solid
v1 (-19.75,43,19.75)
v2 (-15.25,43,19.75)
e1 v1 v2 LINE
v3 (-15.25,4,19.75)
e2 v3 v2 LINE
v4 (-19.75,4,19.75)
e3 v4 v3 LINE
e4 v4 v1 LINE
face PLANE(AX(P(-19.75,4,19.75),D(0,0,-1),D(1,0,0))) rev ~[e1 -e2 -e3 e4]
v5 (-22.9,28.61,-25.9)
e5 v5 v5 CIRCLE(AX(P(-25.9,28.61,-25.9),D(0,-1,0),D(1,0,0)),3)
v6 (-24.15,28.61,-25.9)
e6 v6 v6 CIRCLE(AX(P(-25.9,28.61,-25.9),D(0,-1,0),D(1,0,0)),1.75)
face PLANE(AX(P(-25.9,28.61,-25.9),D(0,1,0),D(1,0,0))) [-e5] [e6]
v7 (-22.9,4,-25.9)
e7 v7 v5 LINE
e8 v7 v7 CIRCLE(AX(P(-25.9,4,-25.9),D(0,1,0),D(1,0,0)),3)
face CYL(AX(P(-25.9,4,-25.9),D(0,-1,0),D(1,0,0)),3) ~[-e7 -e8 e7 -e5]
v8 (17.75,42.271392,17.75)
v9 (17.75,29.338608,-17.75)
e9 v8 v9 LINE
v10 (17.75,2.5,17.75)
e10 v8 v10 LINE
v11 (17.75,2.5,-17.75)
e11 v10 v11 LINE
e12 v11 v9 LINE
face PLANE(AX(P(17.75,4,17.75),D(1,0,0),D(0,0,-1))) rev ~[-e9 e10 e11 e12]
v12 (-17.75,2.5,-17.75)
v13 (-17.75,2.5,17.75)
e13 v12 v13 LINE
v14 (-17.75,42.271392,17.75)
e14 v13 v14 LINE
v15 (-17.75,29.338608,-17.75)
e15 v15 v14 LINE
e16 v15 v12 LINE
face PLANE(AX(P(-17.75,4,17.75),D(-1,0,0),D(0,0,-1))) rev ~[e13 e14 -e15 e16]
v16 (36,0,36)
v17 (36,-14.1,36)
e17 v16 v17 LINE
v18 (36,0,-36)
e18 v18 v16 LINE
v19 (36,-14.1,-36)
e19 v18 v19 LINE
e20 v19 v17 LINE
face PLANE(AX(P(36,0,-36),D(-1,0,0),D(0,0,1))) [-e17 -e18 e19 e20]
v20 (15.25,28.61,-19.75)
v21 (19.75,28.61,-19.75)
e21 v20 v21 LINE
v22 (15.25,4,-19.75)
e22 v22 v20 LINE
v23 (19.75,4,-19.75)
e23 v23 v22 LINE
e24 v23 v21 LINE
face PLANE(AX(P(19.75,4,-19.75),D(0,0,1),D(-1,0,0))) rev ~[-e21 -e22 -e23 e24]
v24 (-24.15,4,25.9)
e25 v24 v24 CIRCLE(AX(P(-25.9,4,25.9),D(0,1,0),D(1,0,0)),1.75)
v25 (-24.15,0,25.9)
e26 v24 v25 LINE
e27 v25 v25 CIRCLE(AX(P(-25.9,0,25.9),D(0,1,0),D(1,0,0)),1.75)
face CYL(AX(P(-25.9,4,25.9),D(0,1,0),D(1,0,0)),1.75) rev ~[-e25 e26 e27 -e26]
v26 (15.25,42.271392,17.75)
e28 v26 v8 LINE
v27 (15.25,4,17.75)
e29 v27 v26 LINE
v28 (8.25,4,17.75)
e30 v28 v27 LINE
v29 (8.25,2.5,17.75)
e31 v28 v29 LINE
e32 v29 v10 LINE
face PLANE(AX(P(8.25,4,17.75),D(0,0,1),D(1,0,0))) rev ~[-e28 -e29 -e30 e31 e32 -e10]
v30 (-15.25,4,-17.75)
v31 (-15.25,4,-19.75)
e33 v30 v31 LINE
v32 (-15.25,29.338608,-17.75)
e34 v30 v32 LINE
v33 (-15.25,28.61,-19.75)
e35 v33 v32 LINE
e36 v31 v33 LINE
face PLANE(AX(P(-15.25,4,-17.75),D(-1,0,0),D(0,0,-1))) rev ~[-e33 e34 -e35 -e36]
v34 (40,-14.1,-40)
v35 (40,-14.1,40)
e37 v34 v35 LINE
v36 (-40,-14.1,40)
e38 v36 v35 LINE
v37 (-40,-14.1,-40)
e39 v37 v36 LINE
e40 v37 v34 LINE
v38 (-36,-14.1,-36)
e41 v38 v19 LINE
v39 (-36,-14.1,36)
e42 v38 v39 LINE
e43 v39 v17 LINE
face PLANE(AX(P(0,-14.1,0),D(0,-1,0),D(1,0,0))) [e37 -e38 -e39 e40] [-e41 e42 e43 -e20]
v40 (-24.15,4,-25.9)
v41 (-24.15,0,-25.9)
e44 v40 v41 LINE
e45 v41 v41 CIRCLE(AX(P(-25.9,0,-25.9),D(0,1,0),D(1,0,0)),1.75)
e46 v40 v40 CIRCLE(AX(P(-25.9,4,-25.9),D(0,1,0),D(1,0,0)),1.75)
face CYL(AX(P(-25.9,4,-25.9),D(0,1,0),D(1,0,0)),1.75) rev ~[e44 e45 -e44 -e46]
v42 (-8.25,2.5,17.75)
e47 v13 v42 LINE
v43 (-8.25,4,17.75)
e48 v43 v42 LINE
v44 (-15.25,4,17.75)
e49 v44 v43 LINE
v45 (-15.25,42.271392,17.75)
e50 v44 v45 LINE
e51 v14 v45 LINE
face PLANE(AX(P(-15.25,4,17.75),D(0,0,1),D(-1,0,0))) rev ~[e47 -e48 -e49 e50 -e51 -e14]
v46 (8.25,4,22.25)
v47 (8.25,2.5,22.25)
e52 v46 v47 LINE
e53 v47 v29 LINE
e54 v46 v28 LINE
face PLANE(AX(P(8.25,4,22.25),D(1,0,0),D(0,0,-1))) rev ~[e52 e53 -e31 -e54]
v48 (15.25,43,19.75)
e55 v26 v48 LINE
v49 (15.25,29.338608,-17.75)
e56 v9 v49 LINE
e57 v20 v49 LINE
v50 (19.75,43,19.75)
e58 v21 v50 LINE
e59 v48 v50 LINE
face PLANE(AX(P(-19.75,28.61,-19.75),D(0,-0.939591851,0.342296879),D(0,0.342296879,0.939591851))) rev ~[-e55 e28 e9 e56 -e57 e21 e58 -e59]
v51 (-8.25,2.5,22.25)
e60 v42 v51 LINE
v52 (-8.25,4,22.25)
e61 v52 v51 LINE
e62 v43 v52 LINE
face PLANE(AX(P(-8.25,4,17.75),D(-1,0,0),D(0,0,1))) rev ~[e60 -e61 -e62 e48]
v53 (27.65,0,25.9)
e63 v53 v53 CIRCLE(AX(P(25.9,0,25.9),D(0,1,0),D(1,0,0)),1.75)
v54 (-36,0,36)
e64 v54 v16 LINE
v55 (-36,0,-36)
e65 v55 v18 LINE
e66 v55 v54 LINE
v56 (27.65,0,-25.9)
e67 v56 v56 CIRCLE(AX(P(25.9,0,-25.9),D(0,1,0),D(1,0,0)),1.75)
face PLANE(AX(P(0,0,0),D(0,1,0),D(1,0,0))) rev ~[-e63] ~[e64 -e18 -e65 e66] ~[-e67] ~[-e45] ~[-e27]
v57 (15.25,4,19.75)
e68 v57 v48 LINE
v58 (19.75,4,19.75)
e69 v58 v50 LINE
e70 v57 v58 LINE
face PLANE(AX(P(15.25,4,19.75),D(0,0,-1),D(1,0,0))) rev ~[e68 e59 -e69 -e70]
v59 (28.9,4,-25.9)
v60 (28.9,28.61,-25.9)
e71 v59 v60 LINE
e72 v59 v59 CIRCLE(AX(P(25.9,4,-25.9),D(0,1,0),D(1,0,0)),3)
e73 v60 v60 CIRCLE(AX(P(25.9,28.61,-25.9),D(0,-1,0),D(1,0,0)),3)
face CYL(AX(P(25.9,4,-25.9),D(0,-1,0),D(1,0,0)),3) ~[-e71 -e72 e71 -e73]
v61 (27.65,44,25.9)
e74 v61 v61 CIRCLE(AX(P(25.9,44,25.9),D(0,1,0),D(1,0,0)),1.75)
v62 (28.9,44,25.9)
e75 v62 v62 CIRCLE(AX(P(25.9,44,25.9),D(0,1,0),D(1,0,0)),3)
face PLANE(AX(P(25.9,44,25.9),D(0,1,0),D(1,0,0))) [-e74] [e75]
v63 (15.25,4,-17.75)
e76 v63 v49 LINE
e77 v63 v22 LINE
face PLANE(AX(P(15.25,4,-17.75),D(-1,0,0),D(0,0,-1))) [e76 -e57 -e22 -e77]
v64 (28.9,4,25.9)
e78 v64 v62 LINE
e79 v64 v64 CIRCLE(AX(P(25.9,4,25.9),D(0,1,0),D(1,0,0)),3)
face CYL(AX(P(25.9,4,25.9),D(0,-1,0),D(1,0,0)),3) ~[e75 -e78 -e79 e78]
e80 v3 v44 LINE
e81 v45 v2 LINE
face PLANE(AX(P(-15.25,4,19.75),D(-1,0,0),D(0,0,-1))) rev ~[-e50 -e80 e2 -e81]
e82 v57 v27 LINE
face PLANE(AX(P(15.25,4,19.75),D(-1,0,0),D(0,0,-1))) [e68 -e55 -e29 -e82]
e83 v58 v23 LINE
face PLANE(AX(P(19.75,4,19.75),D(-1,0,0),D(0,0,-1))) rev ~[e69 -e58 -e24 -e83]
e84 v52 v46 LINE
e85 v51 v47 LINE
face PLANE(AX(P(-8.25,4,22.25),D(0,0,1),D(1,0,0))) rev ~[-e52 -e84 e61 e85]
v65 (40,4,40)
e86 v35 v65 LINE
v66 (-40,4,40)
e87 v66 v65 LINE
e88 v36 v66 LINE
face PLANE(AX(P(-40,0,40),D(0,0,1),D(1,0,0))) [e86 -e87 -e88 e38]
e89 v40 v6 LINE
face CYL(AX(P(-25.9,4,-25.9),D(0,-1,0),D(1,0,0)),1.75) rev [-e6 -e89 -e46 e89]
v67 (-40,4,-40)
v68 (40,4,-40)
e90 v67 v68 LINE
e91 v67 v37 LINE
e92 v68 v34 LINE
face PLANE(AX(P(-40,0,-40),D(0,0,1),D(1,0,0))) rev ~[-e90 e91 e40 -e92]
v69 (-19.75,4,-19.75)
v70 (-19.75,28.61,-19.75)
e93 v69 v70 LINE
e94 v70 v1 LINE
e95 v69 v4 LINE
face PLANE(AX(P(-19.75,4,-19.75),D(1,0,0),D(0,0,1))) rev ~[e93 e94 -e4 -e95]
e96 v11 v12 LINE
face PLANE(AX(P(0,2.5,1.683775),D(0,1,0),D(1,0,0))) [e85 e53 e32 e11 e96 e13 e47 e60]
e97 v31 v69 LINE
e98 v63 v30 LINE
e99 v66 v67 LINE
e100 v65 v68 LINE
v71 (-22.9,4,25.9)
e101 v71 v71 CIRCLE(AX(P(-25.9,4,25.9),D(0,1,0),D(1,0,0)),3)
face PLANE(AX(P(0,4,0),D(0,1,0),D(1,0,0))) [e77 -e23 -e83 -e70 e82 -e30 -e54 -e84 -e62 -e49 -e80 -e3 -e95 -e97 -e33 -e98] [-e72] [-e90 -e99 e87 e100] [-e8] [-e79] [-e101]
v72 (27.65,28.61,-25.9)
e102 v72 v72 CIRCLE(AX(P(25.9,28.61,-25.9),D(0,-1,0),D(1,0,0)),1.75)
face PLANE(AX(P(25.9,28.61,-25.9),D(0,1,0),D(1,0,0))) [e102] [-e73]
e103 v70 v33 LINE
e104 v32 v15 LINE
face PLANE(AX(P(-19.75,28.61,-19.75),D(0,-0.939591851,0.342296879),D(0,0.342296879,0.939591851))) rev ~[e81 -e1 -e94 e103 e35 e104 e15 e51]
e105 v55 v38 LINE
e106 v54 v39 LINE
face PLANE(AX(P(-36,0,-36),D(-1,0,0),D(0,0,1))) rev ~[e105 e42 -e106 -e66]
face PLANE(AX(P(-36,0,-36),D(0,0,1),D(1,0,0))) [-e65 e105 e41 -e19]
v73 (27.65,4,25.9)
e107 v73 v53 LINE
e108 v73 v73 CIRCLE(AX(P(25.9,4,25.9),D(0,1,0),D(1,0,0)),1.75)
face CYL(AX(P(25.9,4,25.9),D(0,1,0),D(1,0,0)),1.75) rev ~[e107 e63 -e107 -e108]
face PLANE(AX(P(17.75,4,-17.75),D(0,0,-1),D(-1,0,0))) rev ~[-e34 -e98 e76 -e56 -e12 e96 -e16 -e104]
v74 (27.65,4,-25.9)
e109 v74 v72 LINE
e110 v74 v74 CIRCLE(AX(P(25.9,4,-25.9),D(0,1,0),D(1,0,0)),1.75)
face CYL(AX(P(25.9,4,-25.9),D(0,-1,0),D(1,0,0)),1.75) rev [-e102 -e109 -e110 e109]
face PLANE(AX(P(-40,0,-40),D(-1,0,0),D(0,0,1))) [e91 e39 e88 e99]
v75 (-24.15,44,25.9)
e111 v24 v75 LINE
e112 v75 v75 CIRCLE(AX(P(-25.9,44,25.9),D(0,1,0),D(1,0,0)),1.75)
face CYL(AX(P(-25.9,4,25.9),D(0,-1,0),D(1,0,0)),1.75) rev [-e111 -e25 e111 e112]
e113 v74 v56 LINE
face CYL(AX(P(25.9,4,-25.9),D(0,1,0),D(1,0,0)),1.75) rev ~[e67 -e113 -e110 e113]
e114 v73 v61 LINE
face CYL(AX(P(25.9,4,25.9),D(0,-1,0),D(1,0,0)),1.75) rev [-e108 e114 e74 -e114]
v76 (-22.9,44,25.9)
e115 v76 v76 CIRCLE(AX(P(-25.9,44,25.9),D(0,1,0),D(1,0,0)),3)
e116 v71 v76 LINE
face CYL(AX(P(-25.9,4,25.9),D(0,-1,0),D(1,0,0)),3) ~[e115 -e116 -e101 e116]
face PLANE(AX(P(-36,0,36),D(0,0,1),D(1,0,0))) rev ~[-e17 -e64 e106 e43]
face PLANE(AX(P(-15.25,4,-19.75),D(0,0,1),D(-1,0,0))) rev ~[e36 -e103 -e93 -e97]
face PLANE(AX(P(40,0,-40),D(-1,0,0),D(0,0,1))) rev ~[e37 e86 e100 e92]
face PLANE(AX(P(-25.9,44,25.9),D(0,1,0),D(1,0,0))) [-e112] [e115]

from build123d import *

# Parameters (mm, degrees)
SKETCH1_W               = 80
SKETCH1_H               = 80
BOSS_EXTRUDE1_DEPTH     = 4
CUT_EXTRUDE1_DEPTH      = 1.5
BOSS_EXTRUDE2_DEPTH     = 39
SKETCH5_R               = 3
SKETCH5_R_2             = 1.75
BOSS_EXTRUDE3_DEPTH     = 40
SKETCH6_R               = 4.5
CUT_EXTRUDE2_DEPTH      = 15.39
CUT_EXTRUDE3_DEPTH      = 60.75
SKETCH9_R               = 1.75
CUT_EXTRUDE4_DEPTH      = 41
CUT_EXTRUDE4_DEPTH_BACK = 5
SKETCH10_W              = 80
SKETCH10_H              = 80
SKETCH10_W_2            = 72
SKETCH10_H_2            = 72
BOSS_EXTRUDE5_DEPTH     = 14.1


with BuildPart() as part:
    # Sketch1 → Boss-Extrude1 (new body)
    with BuildSketch(Plane(origin=(0, 0, 0), x_dir=(1, 0, 0), z_dir=(0, 1, 0))):
        Rectangle(SKETCH1_W, SKETCH1_H)
    extrude(amount=BOSS_EXTRUDE1_DEPTH)

    # Sketch2 → Cut-Extrude1 (cut)
    with BuildSketch(Plane(origin=(0, 4, 0), x_dir=(1, 0, 0), z_dir=(0, 1, 0))):
        Polygon((8.25, -17.75), (17.75, -17.75), (17.75, 17.75), (-17.75, 17.75), (-17.75, -17.75), (-8.25, -17.75), (-8.25, -22.25), (8.25, -22.25), align=None)
    extrude(amount=-CUT_EXTRUDE1_DEPTH, mode=Mode.SUBTRACT)

    # Sketch3 → Boss-Extrude2 (add)
    with BuildSketch(Plane(origin=(0, 4, 0), x_dir=(1, 0, 0), z_dir=(0, 1, 0))):
        Polygon((-19.75, 17.75), (-19.75, -17.75), (-19.75, -19.75), (-17.75, -19.75), (-15.25, -19.75), (-15.25, -17.75), (-17.75, -17.75), (-17.75, 17.75), (-15.25, 17.75), (-15.25, 19.75), (-17.75, 19.75), (-19.75, 19.75), align=None)
        Polygon((19.75, 17.75), (19.75, -17.75), (19.75, -19.75), (17.75, -19.75), (15.25, -19.75), (15.25, -17.75), (17.75, -17.75), (17.75, 17.75), (15.25, 17.75), (15.25, 19.75), (17.75, 19.75), (19.75, 19.75), align=None)
    extrude(amount=BOSS_EXTRUDE2_DEPTH)

    # Sketch5 → Boss-Extrude3 (add)
    with BuildSketch(Plane(origin=(0, 4, 0), x_dir=(1, 0, 0), z_dir=(0, 1, 0))):
        with Locations((25.9, 25.9)):
            Circle(SKETCH5_R)
        with Locations((25.9, 25.9)):
            Circle(SKETCH5_R_2, mode=Mode.SUBTRACT)
        with Locations((-25.9, 25.9)):
            Circle(SKETCH5_R)
        with Locations((-25.9, 25.9)):
            Circle(SKETCH5_R_2, mode=Mode.SUBTRACT)
        with Locations((-25.9, -25.9)):
            Circle(SKETCH5_R)
        with Locations((-25.9, -25.9)):
            Circle(SKETCH5_R_2, mode=Mode.SUBTRACT)
        with Locations((25.9, -25.9)):
            Circle(SKETCH5_R)
        with Locations((25.9, -25.9)):
            Circle(SKETCH5_R_2, mode=Mode.SUBTRACT)
    extrude(amount=BOSS_EXTRUDE3_DEPTH)

    # Sketch6 → Cut-Extrude2 (cut)
    with BuildSketch(Plane(origin=(0, 44, 0), x_dir=(1, 0, 0), z_dir=(0, 1, 0))):
        with Locations((-25.9, 25.9)):
            Circle(SKETCH6_R)
        with Locations((25.9, 25.9)):
            Circle(SKETCH6_R)
    extrude(amount=-CUT_EXTRUDE2_DEPTH, mode=Mode.SUBTRACT)

    # Sketch7 → Cut-Extrude3 (cut, through all)
    with BuildSketch(Plane.ZY.offset(19.75)):
        Polygon((-19.75, 28.61), (19.75, 43), (-19.75, 43), align=None)
    extrude(amount=-CUT_EXTRUDE3_DEPTH, mode=Mode.SUBTRACT)

    # Sketch9 → Cut-Extrude4 (cut, two sides)
    with BuildSketch(Plane(origin=(0, 4, 0), x_dir=(1, 0, 0), z_dir=(0, 1, 0))) as cut_extrude4_sk:
        with Locations((-25.9, 25.9)):
            Circle(SKETCH9_R)
        with Locations((-25.9, -25.9)):
            Circle(SKETCH9_R)
        with Locations((25.9, -25.9)):
            Circle(SKETCH9_R)
        with Locations((25.9, 25.9)):
            Circle(SKETCH9_R)
    extrude(amount=CUT_EXTRUDE4_DEPTH, mode=Mode.SUBTRACT)
    extrude(cut_extrude4_sk.sketch, amount=-CUT_EXTRUDE4_DEPTH_BACK, mode=Mode.SUBTRACT)

    # Sketch10 → Boss-Extrude5 (add)
    with BuildSketch(Plane.XZ):
        Rectangle(SKETCH10_W, SKETCH10_H)
        Rectangle(SKETCH10_W_2, SKETCH10_H_2, mode=Mode.SUBTRACT)
    extrude(amount=BOSS_EXTRUDE5_DEPTH)


solid = part.part
